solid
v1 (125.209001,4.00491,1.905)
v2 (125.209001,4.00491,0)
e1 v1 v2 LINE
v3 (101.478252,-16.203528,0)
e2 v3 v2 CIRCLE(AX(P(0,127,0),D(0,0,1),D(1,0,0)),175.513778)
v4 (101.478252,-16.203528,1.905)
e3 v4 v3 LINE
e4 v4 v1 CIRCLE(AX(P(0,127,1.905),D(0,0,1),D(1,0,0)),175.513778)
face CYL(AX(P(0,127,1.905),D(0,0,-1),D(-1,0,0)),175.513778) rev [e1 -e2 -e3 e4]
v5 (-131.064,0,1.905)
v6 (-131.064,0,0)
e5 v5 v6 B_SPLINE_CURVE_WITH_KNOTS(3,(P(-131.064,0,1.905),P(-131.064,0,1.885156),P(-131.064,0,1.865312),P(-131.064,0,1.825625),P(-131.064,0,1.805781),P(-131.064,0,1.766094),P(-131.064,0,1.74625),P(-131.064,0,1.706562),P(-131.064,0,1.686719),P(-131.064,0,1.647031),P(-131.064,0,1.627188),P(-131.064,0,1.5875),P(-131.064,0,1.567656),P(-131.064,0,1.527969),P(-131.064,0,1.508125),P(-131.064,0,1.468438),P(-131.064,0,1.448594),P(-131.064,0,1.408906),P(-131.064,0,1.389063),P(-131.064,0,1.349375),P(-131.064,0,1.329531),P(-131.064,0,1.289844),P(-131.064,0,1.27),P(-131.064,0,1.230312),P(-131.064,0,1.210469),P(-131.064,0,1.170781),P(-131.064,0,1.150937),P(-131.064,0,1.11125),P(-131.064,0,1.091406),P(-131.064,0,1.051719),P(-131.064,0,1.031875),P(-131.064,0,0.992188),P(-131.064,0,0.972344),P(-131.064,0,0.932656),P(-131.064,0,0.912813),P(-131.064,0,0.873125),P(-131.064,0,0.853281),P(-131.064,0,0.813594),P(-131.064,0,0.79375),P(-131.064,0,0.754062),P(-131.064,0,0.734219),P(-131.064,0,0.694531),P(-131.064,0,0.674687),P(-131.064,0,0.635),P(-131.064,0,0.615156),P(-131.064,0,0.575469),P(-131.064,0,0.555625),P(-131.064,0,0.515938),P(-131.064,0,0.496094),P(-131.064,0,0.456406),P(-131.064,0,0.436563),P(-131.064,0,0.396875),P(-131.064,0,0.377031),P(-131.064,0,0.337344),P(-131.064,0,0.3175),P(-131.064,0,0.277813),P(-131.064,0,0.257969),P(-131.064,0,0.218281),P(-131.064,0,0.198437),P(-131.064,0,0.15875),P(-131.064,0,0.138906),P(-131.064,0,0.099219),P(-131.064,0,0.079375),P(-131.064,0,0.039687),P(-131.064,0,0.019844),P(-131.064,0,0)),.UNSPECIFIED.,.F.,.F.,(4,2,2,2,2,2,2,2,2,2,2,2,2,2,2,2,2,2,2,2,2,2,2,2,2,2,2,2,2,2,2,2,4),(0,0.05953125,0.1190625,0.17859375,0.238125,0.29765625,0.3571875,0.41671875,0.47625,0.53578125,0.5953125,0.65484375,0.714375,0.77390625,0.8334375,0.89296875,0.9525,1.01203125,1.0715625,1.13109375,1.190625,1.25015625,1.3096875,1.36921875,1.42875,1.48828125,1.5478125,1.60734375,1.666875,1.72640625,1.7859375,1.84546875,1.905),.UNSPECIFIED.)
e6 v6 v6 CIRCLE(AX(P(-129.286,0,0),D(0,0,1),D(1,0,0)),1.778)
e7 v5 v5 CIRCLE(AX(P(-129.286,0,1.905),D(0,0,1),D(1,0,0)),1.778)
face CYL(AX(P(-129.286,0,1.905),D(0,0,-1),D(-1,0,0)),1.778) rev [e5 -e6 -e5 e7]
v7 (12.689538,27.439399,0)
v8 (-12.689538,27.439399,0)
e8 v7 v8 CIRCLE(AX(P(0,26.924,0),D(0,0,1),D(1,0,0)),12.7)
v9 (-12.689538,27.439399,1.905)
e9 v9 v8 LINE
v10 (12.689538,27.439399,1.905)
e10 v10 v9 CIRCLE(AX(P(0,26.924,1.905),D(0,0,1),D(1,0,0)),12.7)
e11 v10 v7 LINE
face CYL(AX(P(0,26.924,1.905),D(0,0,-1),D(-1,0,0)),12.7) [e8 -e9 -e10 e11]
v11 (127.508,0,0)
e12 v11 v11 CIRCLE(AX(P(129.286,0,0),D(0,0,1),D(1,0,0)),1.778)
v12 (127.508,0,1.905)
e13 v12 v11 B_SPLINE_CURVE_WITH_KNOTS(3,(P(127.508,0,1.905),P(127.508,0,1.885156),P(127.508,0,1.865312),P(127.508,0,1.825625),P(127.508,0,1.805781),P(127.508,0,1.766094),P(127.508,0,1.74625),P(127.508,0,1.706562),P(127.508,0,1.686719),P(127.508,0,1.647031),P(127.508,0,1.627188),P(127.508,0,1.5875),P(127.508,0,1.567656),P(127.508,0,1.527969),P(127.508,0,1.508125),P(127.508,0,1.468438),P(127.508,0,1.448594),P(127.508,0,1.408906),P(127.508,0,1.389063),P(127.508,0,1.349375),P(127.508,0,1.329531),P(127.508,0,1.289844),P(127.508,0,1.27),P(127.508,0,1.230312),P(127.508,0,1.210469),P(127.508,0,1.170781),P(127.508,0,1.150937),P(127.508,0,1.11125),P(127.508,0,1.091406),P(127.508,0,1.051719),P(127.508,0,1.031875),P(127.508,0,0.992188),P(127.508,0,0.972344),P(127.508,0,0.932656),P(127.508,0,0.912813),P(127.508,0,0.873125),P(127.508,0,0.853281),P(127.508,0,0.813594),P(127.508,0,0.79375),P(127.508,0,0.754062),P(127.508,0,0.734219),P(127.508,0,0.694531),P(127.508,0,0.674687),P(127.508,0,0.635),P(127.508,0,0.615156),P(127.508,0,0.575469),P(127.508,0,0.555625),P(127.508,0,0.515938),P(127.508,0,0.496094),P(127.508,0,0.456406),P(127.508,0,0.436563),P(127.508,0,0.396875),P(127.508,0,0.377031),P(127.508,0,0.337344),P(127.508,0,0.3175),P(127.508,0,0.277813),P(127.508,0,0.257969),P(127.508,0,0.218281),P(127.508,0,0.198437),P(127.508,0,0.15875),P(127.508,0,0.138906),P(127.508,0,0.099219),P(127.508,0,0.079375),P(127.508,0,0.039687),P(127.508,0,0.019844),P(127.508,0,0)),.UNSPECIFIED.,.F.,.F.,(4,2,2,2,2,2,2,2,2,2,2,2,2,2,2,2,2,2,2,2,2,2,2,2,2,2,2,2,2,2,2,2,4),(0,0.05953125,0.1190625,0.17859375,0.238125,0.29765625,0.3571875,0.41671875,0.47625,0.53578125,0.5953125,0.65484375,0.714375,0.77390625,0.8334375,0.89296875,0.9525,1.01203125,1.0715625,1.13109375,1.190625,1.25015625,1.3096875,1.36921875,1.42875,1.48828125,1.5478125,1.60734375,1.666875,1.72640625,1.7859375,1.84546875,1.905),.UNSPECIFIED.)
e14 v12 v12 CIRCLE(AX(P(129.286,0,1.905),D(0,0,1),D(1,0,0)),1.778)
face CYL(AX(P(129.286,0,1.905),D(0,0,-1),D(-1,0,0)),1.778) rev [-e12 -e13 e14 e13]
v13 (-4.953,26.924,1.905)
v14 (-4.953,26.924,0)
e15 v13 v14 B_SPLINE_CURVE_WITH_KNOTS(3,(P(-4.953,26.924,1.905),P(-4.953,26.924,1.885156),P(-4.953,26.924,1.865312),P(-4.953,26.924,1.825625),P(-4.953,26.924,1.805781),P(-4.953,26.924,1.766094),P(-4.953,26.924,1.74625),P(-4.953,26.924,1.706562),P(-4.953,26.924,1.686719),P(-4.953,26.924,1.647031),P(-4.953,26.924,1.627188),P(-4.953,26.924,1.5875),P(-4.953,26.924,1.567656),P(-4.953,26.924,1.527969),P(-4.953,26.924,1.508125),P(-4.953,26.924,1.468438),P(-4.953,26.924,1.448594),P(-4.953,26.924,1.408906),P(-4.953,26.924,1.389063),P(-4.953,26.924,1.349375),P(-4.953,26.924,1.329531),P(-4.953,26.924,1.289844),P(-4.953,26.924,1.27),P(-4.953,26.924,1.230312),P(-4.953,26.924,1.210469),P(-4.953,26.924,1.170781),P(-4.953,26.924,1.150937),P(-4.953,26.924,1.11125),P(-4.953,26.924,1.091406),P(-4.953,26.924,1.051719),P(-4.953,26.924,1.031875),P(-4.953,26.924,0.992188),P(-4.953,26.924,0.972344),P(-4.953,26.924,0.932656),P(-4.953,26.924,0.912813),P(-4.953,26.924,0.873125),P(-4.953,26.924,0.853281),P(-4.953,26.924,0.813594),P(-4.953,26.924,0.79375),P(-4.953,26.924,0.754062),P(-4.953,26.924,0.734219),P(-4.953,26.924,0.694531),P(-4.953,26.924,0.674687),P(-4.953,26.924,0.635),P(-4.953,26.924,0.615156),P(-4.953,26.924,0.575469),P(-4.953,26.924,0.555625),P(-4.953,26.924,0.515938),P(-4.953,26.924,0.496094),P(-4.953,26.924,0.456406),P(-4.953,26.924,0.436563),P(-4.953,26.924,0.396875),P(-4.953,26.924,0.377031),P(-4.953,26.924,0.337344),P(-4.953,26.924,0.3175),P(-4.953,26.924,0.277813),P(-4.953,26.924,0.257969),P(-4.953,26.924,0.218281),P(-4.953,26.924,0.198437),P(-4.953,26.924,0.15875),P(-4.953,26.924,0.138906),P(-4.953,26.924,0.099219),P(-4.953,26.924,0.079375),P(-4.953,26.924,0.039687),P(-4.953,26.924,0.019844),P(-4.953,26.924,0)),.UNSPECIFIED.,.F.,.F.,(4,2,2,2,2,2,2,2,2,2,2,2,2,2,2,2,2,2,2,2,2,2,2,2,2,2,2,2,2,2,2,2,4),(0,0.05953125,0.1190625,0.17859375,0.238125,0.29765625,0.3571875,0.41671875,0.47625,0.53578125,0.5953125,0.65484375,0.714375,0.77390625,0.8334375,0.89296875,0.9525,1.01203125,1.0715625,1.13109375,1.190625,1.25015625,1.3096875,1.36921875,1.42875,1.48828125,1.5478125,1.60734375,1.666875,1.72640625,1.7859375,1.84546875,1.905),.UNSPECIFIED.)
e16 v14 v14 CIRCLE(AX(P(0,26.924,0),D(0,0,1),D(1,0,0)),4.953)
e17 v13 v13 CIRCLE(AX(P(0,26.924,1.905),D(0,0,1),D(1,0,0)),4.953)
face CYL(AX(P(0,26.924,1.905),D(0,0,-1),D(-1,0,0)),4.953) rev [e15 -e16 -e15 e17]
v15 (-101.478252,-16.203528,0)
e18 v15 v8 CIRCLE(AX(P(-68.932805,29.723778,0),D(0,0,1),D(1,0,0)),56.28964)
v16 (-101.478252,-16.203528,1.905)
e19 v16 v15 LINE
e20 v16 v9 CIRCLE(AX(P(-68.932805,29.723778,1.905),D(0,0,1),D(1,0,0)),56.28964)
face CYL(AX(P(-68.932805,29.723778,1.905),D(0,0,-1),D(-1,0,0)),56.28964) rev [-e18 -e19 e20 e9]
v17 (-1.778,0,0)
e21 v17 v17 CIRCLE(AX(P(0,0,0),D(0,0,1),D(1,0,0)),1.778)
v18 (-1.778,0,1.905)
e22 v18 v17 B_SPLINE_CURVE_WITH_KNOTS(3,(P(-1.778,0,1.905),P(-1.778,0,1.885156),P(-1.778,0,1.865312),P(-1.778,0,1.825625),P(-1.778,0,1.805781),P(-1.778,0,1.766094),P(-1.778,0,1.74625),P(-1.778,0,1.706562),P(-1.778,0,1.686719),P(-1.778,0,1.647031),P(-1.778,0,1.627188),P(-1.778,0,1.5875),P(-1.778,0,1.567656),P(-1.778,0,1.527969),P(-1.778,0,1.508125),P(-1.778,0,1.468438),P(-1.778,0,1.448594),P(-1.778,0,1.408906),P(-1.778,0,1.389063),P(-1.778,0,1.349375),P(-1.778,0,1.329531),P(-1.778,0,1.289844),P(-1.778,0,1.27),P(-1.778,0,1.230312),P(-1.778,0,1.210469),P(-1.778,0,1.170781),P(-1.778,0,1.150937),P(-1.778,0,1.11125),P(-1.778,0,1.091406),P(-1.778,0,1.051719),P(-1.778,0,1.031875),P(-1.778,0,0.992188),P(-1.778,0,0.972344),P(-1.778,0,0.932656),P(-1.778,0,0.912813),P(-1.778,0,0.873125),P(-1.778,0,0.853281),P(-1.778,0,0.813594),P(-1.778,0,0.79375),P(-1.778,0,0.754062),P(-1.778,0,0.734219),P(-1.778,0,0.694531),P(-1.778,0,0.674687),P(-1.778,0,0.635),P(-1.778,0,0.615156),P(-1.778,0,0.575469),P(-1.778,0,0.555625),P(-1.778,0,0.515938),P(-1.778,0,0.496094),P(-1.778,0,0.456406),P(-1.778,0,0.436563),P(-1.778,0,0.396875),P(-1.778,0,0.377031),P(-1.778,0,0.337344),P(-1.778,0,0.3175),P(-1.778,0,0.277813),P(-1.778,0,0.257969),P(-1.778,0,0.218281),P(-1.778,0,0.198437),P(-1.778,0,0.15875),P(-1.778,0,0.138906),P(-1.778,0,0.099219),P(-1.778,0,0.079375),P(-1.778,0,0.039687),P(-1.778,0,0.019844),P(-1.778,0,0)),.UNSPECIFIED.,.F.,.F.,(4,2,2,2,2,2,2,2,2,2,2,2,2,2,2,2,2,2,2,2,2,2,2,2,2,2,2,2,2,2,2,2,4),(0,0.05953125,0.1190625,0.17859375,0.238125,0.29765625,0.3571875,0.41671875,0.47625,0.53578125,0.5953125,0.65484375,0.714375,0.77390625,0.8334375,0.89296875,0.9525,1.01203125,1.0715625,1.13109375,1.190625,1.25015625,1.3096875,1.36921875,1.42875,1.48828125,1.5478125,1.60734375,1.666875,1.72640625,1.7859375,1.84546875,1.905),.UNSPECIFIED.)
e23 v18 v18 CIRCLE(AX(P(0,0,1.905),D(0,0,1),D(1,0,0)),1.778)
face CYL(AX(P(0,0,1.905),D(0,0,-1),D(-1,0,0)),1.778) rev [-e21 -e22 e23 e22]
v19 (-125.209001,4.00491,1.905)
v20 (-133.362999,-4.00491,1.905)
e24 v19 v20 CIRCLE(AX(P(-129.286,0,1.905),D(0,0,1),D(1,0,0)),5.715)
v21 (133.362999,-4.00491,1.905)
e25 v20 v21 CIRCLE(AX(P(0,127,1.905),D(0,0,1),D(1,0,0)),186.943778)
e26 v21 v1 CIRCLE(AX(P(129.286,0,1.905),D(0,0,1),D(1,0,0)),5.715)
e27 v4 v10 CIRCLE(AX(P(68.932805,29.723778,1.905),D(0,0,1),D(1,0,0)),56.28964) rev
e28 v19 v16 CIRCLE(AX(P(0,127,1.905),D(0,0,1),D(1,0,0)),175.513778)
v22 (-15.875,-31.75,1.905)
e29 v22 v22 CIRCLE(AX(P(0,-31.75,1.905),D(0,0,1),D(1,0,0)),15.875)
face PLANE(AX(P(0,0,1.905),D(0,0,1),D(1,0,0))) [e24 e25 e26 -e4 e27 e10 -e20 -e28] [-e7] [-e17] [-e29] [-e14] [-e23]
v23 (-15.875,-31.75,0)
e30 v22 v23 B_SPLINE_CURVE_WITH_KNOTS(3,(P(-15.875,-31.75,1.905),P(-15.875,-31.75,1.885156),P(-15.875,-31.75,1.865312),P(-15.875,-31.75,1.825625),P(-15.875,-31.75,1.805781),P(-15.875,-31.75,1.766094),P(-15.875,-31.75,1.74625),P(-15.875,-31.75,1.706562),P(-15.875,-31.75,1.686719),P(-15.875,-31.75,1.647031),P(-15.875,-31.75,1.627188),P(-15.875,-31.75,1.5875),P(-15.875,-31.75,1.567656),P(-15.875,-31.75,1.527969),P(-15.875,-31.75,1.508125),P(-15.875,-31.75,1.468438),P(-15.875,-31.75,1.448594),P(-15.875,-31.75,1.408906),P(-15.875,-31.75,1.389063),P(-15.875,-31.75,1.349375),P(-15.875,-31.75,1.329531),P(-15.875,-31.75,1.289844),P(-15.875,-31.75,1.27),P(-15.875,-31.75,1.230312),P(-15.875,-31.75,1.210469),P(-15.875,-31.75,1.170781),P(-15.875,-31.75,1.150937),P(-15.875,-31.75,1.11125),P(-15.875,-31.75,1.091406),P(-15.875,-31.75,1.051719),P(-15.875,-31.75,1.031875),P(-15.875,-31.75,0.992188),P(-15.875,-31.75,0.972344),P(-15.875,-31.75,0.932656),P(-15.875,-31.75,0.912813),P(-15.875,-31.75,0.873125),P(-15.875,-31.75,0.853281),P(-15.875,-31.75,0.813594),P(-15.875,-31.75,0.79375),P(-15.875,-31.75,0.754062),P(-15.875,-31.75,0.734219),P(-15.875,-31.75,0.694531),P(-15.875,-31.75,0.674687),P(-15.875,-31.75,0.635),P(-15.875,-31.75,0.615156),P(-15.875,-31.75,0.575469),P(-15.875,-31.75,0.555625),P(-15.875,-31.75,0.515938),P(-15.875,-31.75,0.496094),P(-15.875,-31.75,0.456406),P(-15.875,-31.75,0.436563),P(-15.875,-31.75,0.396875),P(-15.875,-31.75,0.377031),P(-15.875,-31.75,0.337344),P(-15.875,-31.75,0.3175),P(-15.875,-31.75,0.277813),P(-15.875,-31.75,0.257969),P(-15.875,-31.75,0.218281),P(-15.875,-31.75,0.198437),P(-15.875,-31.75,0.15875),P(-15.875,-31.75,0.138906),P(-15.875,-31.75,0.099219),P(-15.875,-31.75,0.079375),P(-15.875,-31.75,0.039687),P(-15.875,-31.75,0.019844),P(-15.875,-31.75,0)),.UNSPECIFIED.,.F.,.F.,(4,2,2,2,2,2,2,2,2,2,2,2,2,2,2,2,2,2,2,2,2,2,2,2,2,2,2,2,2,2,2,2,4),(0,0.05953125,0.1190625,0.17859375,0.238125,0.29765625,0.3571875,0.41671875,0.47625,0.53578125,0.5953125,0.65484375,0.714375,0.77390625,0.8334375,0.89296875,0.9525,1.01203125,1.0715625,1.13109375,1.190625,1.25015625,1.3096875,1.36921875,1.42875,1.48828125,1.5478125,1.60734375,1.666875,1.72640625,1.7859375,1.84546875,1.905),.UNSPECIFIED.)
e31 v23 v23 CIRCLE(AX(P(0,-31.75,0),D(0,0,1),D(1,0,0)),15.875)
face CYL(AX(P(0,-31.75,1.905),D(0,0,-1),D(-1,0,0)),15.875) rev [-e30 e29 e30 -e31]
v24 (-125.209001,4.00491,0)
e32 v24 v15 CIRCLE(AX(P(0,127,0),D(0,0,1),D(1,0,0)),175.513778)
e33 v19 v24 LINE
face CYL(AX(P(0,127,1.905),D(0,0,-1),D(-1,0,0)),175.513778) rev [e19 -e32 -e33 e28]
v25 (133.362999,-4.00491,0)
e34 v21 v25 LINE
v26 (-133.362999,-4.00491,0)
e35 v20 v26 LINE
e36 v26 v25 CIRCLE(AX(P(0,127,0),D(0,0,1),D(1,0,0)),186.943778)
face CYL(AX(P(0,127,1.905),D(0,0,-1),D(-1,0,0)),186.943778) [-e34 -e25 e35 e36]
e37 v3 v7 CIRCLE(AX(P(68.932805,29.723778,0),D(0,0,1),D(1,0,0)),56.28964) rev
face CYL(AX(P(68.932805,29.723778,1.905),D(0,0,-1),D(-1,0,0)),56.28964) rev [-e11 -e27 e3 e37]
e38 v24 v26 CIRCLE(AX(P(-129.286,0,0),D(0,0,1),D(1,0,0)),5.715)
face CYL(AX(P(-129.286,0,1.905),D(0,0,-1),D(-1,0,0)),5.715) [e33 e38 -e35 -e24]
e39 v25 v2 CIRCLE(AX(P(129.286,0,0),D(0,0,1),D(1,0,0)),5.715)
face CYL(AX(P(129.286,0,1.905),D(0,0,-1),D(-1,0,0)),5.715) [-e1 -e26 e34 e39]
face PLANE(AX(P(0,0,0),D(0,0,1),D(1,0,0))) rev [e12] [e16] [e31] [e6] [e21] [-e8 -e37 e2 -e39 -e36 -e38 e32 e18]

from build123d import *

# Parameters (mm, degrees)
SKETCH1_R           = 1.778
SKETCH1_R_2         = 4.953
SKETCH1_R_3         = 15.875
BOSS_EXTRUDE1_DEPTH = 1.905


with BuildPart() as part:
    # Sketch1 → Boss-Extrude1 (new body)
    with BuildSketch(Plane.XY):
        with BuildLine():
            ThreePointArc((-133.362998698, -4.004910313), (0, -59.943777505), (133.362998698, -4.004910313))
            ThreePointArc((133.362998698, -4.004910313), (133.290910313, 4.076998698), (125.209001302, 4.004910313))
            ThreePointArc((125.209001302, 4.004910313), (113.793114712, -6.627142221), (101.478252071, -16.203528066))
            ThreePointArc((101.478252071, -16.203528066), (44.101918402, -20.793056649), (12.689537579, 27.439398908))
            ThreePointArc((12.689537579, 27.439398908), (0, 39.624), (-12.689537579, 27.439398908))
            ThreePointArc((-12.689537579, 27.439398908), (-44.101918402, -20.793056649), (-101.478252071, -16.203528066))
            ThreePointArc((-101.478252071, -16.203528066), (-113.793114712, -6.627142221), (-125.209001302, 4.004910313))
            ThreePointArc((-125.209001302, 4.004910313), (-133.290910313, 4.076998698), (-133.362998698, -4.004910313))
        make_face()
        with Locations(Location((0, 0, 0), (0, 0, 180))):
            Circle(SKETCH1_R, mode=Mode.SUBTRACT)
        with Locations(Location((129.286, 0, 0), (0, 0, 180))):
            Circle(SKETCH1_R, mode=Mode.SUBTRACT)
        with Locations(Location((-129.286, 0, 0), (0, 0, 180))):
            Circle(SKETCH1_R, mode=Mode.SUBTRACT)
        with Locations(Location((0, 26.924, 0), (0, 0, 180))):
            Circle(SKETCH1_R_2, mode=Mode.SUBTRACT)
        with Locations(Location((0, -31.75, 0), (0, 0, 180))):
            Circle(SKETCH1_R_3, mode=Mode.SUBTRACT)
    extrude(amount=BOSS_EXTRUDE1_DEPTH)


solid = part.part
